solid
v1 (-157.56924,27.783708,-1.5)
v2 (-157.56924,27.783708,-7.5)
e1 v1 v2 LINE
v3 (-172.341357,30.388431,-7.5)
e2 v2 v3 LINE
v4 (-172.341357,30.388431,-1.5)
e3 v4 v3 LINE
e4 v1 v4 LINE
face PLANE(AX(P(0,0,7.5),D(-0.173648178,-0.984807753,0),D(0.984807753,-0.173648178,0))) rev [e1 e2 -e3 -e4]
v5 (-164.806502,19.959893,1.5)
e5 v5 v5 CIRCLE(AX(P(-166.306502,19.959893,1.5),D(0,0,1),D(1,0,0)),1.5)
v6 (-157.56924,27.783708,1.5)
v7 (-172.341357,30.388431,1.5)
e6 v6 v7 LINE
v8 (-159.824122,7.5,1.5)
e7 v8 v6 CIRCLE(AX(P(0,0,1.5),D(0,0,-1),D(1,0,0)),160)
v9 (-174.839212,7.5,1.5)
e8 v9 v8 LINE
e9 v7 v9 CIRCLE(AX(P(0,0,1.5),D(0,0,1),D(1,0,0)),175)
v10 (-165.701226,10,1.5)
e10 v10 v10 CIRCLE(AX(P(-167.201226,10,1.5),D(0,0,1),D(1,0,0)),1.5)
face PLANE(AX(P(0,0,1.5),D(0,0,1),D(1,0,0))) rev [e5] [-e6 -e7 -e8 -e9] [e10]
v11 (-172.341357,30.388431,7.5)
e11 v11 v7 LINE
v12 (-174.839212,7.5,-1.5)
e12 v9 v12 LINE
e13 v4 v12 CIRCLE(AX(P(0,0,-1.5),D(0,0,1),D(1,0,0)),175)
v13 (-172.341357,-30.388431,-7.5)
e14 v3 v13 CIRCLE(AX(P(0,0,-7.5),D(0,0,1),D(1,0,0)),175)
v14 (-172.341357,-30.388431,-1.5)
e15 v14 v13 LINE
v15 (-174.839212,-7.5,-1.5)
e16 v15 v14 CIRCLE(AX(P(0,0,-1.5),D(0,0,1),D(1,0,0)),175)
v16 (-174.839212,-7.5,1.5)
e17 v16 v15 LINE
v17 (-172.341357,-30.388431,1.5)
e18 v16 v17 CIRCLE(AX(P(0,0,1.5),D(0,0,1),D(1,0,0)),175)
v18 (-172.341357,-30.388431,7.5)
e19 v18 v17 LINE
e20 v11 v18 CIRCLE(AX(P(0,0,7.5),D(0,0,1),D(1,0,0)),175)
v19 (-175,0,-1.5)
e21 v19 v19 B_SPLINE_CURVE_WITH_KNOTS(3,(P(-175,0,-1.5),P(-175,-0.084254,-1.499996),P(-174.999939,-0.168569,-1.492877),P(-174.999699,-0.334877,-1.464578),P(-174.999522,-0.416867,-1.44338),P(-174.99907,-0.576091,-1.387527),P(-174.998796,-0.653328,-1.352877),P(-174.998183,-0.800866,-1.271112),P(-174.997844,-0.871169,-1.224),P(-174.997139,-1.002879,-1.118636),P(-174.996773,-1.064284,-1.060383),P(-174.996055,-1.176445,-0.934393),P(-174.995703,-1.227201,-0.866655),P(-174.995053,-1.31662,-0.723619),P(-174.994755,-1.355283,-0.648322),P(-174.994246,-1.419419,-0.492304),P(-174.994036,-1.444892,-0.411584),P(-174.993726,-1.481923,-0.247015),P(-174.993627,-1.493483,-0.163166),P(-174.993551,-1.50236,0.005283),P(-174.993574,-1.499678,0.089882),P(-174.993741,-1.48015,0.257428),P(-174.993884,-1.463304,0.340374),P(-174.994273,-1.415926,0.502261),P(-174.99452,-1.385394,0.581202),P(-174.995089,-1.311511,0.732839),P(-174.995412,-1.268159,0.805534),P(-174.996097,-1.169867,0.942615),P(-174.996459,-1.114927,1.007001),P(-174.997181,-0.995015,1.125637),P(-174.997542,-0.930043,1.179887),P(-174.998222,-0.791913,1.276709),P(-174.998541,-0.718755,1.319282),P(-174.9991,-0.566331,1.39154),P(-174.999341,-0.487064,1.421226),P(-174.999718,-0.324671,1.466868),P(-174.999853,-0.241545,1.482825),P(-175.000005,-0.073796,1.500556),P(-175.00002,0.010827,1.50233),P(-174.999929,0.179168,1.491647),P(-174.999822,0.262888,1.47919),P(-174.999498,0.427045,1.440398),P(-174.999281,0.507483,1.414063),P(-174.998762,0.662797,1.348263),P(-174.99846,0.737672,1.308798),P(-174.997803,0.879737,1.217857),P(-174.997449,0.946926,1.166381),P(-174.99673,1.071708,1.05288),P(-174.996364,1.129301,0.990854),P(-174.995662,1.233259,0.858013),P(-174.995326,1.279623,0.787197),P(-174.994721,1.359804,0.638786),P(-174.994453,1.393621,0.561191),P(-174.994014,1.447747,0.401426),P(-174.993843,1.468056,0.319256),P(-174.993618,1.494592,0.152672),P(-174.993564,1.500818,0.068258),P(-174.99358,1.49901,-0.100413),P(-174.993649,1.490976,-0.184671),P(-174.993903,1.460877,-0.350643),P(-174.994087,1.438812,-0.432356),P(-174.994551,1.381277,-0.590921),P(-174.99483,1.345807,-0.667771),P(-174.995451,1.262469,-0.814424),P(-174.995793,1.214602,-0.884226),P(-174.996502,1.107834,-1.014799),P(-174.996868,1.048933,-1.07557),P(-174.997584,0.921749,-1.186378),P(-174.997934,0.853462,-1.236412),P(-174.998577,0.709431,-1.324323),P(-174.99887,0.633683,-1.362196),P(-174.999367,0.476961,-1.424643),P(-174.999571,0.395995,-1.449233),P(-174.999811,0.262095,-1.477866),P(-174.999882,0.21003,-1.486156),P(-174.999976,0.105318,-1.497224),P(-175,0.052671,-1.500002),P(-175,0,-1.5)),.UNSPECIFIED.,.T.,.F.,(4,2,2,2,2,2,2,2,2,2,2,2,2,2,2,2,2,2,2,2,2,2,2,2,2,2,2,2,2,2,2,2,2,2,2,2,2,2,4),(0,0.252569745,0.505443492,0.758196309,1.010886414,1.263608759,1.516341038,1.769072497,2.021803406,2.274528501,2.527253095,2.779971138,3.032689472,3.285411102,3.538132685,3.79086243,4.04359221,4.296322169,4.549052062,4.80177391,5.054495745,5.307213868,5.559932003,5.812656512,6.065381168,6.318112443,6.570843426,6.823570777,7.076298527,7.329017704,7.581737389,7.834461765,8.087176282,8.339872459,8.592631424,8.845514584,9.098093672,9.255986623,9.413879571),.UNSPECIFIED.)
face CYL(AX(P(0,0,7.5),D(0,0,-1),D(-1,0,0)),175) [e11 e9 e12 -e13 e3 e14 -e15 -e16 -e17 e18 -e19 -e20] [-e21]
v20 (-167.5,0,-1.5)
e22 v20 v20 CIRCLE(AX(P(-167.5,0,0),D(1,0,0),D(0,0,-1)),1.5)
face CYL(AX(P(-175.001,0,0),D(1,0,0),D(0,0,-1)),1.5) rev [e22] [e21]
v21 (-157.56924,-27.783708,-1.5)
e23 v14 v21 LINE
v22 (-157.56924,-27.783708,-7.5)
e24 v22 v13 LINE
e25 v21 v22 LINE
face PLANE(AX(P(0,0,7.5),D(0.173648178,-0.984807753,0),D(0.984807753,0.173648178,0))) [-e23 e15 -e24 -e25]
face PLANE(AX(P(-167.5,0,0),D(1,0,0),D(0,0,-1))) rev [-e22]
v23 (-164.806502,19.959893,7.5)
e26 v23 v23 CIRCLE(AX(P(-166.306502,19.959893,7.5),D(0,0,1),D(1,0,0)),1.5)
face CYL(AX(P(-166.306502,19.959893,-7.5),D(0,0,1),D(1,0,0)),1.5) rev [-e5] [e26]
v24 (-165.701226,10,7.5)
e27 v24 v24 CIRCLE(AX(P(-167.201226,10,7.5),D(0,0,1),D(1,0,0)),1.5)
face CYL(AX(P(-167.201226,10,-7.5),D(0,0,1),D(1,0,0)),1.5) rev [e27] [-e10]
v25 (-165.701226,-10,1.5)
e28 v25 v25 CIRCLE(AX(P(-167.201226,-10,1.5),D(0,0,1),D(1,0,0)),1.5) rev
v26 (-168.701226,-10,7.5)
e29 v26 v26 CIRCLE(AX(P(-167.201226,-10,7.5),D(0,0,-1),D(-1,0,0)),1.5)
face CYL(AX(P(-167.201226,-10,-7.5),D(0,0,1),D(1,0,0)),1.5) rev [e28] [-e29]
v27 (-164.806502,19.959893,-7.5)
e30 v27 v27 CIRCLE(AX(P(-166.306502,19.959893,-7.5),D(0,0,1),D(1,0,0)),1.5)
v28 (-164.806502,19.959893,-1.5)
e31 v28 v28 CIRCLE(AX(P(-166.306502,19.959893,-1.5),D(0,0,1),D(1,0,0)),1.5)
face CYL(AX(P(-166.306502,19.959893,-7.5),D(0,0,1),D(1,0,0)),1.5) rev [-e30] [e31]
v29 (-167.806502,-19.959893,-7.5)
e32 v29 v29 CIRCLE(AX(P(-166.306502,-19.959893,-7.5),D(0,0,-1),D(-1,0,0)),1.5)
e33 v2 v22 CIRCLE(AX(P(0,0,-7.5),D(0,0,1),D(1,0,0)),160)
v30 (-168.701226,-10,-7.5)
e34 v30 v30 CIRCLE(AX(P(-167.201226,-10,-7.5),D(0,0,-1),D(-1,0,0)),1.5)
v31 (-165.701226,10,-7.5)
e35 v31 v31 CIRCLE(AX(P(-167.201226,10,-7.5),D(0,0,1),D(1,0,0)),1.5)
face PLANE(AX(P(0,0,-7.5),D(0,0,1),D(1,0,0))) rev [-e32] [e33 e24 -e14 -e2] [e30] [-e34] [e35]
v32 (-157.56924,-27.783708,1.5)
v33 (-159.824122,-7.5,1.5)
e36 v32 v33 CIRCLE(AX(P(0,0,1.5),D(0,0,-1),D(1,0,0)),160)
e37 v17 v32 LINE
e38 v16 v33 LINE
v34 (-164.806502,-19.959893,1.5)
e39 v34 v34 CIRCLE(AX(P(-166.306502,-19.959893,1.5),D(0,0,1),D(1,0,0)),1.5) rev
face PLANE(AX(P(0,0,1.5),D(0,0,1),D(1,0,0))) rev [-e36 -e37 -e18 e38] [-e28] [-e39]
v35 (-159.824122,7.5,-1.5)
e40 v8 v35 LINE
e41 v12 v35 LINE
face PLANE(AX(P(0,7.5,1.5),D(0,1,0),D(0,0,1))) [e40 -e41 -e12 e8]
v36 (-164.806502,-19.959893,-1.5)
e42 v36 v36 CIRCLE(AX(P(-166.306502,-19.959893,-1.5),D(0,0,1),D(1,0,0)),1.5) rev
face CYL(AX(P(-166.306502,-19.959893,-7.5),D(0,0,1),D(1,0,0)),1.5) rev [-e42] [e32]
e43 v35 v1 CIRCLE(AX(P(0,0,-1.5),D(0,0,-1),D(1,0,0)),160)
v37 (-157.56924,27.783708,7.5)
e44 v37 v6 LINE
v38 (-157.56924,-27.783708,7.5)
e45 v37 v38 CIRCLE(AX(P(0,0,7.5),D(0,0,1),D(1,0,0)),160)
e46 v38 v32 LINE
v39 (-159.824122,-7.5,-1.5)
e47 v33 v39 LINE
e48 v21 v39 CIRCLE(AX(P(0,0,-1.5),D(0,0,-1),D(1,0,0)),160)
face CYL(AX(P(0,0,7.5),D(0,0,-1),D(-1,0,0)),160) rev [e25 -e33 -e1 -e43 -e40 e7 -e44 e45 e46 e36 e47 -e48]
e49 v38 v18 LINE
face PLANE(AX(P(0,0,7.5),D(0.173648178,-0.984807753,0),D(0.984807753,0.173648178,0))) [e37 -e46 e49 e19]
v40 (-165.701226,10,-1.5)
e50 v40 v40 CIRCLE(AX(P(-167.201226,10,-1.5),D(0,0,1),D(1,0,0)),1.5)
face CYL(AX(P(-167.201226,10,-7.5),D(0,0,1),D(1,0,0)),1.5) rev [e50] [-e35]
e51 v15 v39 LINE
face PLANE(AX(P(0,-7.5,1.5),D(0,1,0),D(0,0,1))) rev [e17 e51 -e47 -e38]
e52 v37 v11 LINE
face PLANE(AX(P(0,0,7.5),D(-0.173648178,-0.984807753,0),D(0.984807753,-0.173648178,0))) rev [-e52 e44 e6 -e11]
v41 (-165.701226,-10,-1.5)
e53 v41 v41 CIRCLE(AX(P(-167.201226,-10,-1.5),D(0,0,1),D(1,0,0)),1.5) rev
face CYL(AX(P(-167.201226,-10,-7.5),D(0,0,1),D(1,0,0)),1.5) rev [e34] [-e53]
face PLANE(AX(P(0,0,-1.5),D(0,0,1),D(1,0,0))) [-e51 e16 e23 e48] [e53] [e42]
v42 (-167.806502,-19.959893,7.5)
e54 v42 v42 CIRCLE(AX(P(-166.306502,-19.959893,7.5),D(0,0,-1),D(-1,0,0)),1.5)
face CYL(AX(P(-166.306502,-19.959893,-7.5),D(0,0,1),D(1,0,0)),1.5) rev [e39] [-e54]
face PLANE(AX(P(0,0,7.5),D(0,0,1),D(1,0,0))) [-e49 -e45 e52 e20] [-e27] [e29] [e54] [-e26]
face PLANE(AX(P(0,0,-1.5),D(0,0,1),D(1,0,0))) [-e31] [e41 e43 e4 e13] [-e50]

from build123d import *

# Parameters (mm, degrees)
BOSS_EXTRUDE3_DEPTH     = 7.5
CUT_EXTRUDE4_DEPTH      = 1.5
BOSS_EXTRUDE5_DEPTH     = 1.5
SHAFT_HOLE_REACH        = 34.838
SHAFT_HOLE_END_RADIUS   = 175
SKETCH7_R               = 1.5
CUT_EXTRUDE6_DEPTH      = 178.777126726
CUT_EXTRUDE6_DEPTH_BACK = 178.777126726
SKETCH8_R               = 1.5


with BuildPart() as part:
    # Sketch1 → Boss-Extrude3 (new, symmetric)
    with BuildSketch(Plane.XY):
        with BuildLine():
            ThreePointArc((-157.569240482, -27.783708427), (-160, 0), (-157.569240482, 27.783708427))
            Line((-157.569240482, 27.783708427), (-172.341356777, 30.388431092))
            ThreePointArc((-172.341356777, 30.388431092), (-175, 0), (-172.341356777, -30.388431092))
            Line((-172.341356777, -30.388431092), (-157.569240482, -27.783708427))
        make_face()
    extrude(amount=BOSS_EXTRUDE3_DEPTH, both=True)

    # Sketch1<6> → Cut-Extrude4 (cut, symmetric)
    with BuildSketch(Plane.XY):
        with BuildLine():
            Line((-157.569240482, 27.783708427), (-172.341356777, 30.388431092))
            ThreePointArc((-172.341356777, 30.388431092), (-175, 0), (-172.341356777, -30.388431092))
            Line((-172.341356777, -30.388431092), (-157.569240482, -27.783708427))
            ThreePointArc((-157.569240482, -27.783708427), (-160, 0), (-157.569240482, 27.783708427))
        make_face()
    extrude(amount=CUT_EXTRUDE4_DEPTH, both=True, mode=Mode.SUBTRACT)


with BuildPart() as cut_extrude4_piece_1:
    # of the separate pieces the step leaves, piece 1, a body of its own (cut_extrude4_pieces)
    add(part.part.solids().sort_by_distance((-157.569240482, -27.783708427, -1.5))[0])



with BuildPart() as cut_extrude4_piece_2:
    # of the separate pieces the step leaves, piece 2, a body of its own (cut_extrude4_pieces)
    add(part.part.solids().sort_by_distance((-157.569240482, -27.783708427, 7.5))[0])


with BuildPart() as cut_extrude4_piece_1_1:
    add(cut_extrude4_piece_1.part)

    add(cut_extrude4_piece_2.part)  # Boss-Extrude5 merges Cut-Extrude4 piece 2
    # Sketch6 → Boss-Extrude5 (add, symmetric)
    with BuildSketch(Plane.XY):
        with BuildLine():
            Line((-159.824122084, 7.5), (-174.839211849, 7.5))
            ThreePointArc((-174.839211849, 7.5), (-175, 0), (-174.839211849, -7.5))
            Line((-174.839211849, -7.5), (-159.824122084, -7.5))
            ThreePointArc((-159.824122084, -7.5), (-160, 0), (-159.824122084, 7.5))
        make_face()
    extrude(amount=BOSS_EXTRUDE5_DEPTH, both=True)

    # shaft hole: up to this cylinder (the profile starts inside it)
    shaft_hole_end = Plane(origin=(0, 0, 0), z_dir=(0, 0, -1)) * Cylinder(SHAFT_HOLE_END_RADIUS, 420.676, mode=Mode.PRIVATE)
    # Sketch7 → shaft hole (cut, up to the surface)
    with BuildSketch(Plane(origin=(-167.5, 0, 0), x_dir=(0, 0, -1), z_dir=(1, 0, 0)), mode=Mode.PRIVATE) as shaft_hole_sk1:
        Circle(SKETCH7_R)
    shaft_hole_tool1 = extrude(shaft_hole_sk1.sketch, amount=-SHAFT_HOLE_REACH, mode=Mode.PRIVATE) & shaft_hole_end
    add(shaft_hole_tool1.solids().sort_by_distance((-167.5, 0, 0))[0], mode=Mode.SUBTRACT)

    # Sketch8 → Cut-Extrude6 (cut, two sides: drawn at the far end of the back side and taken through both)
    with BuildSketch(Plane.XY.offset(-CUT_EXTRUDE6_DEPTH_BACK)):
        with Locations((-166.306502189, 19.95989303)):
            Circle(SKETCH8_R)
        with Locations((-167.201226072, 10)):
            Circle(SKETCH8_R)
        with Locations((-167.201226072, -10)):
            Circle(SKETCH8_R)
        with Locations((-166.306502189, -19.95989303)):
            Circle(SKETCH8_R)
    extrude(amount=CUT_EXTRUDE6_DEPTH + CUT_EXTRUDE6_DEPTH_BACK, mode=Mode.SUBTRACT)


solid = cut_extrude4_piece_1_1.part
